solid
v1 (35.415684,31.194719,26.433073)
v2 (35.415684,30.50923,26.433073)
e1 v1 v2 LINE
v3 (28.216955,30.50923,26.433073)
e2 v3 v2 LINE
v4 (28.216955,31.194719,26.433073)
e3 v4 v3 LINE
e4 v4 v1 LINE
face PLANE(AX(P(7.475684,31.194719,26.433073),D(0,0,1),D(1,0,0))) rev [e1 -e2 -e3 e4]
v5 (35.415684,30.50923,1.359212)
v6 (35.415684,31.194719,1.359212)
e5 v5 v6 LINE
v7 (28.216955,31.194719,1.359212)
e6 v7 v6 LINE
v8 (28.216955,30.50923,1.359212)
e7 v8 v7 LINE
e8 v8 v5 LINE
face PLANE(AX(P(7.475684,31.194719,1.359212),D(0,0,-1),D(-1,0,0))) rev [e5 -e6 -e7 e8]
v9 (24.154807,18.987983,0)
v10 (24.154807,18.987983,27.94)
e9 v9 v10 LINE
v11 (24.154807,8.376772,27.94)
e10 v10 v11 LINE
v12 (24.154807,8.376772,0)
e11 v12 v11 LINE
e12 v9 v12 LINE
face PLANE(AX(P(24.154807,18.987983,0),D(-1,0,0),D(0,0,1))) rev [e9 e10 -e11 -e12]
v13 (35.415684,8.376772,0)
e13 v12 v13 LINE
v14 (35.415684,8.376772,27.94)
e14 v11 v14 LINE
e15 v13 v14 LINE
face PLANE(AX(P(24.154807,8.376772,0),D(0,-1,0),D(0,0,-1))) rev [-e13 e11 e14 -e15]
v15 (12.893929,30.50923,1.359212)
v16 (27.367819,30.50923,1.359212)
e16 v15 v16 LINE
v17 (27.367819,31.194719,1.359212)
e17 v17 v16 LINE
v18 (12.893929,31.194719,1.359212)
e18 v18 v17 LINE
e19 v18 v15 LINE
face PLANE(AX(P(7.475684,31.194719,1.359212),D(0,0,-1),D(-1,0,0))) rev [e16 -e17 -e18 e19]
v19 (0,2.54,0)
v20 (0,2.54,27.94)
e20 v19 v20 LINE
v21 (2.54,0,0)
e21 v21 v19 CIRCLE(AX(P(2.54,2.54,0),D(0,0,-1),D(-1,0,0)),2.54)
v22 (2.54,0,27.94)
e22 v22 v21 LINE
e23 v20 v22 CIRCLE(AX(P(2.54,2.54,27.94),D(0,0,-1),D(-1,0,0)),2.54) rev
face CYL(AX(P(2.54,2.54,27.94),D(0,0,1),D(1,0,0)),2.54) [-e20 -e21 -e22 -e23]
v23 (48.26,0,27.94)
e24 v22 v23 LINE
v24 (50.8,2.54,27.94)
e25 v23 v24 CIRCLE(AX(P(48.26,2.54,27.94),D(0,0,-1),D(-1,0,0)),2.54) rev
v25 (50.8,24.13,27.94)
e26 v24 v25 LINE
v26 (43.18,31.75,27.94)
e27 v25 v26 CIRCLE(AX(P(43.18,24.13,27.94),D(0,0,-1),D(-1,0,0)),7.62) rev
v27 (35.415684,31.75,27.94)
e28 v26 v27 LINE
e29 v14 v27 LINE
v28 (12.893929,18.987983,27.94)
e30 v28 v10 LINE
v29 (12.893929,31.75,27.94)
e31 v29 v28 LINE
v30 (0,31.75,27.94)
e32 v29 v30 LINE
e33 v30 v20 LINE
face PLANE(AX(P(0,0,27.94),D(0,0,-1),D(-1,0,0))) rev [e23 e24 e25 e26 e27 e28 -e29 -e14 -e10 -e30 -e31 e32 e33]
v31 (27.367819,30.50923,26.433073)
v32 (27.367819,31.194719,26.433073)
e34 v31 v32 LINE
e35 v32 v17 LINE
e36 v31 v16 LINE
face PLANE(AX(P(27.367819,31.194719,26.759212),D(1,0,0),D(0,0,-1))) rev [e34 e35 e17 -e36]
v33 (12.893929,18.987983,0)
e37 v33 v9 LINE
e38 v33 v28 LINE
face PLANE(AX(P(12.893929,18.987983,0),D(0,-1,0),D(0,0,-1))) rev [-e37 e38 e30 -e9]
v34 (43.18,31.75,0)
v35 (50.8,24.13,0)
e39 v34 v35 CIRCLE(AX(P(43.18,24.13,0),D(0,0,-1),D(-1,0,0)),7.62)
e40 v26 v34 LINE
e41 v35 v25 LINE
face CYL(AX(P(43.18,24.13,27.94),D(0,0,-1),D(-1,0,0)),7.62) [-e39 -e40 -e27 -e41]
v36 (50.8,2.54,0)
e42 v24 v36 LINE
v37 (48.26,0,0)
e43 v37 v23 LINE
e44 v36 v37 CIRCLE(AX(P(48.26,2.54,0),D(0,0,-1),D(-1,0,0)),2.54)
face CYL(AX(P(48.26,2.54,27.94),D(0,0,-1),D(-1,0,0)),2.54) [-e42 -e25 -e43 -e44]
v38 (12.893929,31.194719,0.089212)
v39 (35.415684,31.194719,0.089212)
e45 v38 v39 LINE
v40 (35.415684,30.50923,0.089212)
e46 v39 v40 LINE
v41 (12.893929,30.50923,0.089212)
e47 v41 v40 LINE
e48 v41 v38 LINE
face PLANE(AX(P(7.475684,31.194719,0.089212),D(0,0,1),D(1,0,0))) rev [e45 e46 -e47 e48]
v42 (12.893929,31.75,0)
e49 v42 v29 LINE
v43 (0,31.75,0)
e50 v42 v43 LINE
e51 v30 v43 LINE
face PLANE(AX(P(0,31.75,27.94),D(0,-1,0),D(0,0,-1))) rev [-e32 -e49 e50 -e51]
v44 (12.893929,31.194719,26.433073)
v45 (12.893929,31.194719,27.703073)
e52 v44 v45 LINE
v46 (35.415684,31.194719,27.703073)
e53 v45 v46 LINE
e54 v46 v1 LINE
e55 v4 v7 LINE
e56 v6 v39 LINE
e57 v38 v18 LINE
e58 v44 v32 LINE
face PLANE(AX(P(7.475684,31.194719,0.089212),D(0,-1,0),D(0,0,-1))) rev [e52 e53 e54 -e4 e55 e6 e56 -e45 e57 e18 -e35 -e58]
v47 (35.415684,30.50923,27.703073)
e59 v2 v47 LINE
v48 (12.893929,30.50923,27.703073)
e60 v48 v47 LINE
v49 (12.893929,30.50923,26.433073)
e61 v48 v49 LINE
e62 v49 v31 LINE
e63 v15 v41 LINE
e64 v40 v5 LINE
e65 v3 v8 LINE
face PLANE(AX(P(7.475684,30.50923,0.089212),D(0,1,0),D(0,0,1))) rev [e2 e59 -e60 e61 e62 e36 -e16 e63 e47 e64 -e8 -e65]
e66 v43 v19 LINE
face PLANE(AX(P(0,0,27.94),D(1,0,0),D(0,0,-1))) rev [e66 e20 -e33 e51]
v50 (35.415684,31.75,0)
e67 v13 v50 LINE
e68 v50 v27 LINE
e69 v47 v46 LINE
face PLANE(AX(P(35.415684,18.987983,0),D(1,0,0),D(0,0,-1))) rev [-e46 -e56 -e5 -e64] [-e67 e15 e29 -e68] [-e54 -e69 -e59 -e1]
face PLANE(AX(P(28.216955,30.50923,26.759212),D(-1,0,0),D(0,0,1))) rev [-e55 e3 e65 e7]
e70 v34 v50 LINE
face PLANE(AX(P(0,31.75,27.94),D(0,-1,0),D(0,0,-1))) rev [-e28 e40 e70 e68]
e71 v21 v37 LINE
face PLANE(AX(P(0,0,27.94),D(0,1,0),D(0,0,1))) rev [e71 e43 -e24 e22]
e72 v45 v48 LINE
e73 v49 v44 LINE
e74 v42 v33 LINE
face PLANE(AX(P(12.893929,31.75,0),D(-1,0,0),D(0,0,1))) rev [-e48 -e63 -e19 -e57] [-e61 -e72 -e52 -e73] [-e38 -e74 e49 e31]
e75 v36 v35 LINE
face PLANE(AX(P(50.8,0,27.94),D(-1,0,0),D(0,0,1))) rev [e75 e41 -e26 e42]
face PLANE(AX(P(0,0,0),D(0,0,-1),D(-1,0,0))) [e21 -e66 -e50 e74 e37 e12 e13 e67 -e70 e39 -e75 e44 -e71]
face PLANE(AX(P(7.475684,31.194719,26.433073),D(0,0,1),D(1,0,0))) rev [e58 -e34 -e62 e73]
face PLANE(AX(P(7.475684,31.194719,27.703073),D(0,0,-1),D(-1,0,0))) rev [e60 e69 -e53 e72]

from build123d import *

# Parameters (mm, degrees)
SKETCH2_W           = 50.8
SKETCH2_H           = 31.75
BOSS_EXTRUDE1_DEPTH = 27.94
CUT_EXTRUDE2_DEPTH  = 27.94
FILLET1_R           = 7.62
SKETCH5_W           = 1.27
SKETCH5_H           = 0.685488516
BOSS_EXTRUDE2_DEPTH = 27.94
SKETCH6_W           = 0.849135511
SKETCH6_H           = 0.685488516
BOSS_EXTRUDE3_DEPTH = 25.4
FILLET2_R           = 2.54
FILLET3_R           = 2.54


with BuildPart() as part:
    # Sketch2 → Boss-Extrude1 (new body)
    with BuildSketch(Plane.XY):
        with Locations((25.4, 15.875)):
            Rectangle(SKETCH2_W, SKETCH2_H)
    extrude(amount=BOSS_EXTRUDE1_DEPTH)

    # Sketch3 → Cut-Extrude2 (cut)
    with BuildSketch(Plane.XY.offset(27.94)):
        Polygon((24.154806831, 18.987982921), (24.154806831, 8.376771572), (35.415684182, 8.376771572), (35.415684182, 18.987982921), (35.415684182, 31.75), (12.893929481, 31.75), (12.893929481, 18.987982921), align=None)
    extrude(amount=-CUT_EXTRUDE2_DEPTH, mode=Mode.SUBTRACT)

    # Fillet1
    fillet1_edges = [part.edges().sort_by_distance(p)[0] for p in [
        (50.8, 31.75, 13.97),
    ]]
    fillet(fillet1_edges, radius=FILLET1_R)

    # Sketch5 → Boss-Extrude2 (add)
    with BuildSketch(Plane.ZY.offset(-35.415684182)):
        with Locations((0.724212181, 30.851974388)):
            Rectangle(SKETCH5_W, SKETCH5_H)
        with Locations((27.068073402, 30.851974388)):
            Rectangle(SKETCH5_W, SKETCH5_H)
    extrude(amount=BOSS_EXTRUDE2_DEPTH)

    # Sketch6 → Boss-Extrude3 (add)
    with BuildSketch(Plane.XY.offset(1.359212181)):
        with Locations((27.792387074, 30.851974388)):
            Rectangle(SKETCH6_W, SKETCH6_H)
    extrude(amount=BOSS_EXTRUDE3_DEPTH)

    # Fillet2
    fillet2_edges = [part.edges().sort_by_distance(p)[0] for p in [
        (50.8, 0, 13.97),
    ]]
    fillet(fillet2_edges, radius=FILLET2_R)

    # Fillet3
    fillet3_edges = [part.edges().sort_by_distance(p)[0] for p in [
        (0, 0, 13.97),
    ]]
    fillet(fillet3_edges, radius=FILLET3_R)


solid = part.part
